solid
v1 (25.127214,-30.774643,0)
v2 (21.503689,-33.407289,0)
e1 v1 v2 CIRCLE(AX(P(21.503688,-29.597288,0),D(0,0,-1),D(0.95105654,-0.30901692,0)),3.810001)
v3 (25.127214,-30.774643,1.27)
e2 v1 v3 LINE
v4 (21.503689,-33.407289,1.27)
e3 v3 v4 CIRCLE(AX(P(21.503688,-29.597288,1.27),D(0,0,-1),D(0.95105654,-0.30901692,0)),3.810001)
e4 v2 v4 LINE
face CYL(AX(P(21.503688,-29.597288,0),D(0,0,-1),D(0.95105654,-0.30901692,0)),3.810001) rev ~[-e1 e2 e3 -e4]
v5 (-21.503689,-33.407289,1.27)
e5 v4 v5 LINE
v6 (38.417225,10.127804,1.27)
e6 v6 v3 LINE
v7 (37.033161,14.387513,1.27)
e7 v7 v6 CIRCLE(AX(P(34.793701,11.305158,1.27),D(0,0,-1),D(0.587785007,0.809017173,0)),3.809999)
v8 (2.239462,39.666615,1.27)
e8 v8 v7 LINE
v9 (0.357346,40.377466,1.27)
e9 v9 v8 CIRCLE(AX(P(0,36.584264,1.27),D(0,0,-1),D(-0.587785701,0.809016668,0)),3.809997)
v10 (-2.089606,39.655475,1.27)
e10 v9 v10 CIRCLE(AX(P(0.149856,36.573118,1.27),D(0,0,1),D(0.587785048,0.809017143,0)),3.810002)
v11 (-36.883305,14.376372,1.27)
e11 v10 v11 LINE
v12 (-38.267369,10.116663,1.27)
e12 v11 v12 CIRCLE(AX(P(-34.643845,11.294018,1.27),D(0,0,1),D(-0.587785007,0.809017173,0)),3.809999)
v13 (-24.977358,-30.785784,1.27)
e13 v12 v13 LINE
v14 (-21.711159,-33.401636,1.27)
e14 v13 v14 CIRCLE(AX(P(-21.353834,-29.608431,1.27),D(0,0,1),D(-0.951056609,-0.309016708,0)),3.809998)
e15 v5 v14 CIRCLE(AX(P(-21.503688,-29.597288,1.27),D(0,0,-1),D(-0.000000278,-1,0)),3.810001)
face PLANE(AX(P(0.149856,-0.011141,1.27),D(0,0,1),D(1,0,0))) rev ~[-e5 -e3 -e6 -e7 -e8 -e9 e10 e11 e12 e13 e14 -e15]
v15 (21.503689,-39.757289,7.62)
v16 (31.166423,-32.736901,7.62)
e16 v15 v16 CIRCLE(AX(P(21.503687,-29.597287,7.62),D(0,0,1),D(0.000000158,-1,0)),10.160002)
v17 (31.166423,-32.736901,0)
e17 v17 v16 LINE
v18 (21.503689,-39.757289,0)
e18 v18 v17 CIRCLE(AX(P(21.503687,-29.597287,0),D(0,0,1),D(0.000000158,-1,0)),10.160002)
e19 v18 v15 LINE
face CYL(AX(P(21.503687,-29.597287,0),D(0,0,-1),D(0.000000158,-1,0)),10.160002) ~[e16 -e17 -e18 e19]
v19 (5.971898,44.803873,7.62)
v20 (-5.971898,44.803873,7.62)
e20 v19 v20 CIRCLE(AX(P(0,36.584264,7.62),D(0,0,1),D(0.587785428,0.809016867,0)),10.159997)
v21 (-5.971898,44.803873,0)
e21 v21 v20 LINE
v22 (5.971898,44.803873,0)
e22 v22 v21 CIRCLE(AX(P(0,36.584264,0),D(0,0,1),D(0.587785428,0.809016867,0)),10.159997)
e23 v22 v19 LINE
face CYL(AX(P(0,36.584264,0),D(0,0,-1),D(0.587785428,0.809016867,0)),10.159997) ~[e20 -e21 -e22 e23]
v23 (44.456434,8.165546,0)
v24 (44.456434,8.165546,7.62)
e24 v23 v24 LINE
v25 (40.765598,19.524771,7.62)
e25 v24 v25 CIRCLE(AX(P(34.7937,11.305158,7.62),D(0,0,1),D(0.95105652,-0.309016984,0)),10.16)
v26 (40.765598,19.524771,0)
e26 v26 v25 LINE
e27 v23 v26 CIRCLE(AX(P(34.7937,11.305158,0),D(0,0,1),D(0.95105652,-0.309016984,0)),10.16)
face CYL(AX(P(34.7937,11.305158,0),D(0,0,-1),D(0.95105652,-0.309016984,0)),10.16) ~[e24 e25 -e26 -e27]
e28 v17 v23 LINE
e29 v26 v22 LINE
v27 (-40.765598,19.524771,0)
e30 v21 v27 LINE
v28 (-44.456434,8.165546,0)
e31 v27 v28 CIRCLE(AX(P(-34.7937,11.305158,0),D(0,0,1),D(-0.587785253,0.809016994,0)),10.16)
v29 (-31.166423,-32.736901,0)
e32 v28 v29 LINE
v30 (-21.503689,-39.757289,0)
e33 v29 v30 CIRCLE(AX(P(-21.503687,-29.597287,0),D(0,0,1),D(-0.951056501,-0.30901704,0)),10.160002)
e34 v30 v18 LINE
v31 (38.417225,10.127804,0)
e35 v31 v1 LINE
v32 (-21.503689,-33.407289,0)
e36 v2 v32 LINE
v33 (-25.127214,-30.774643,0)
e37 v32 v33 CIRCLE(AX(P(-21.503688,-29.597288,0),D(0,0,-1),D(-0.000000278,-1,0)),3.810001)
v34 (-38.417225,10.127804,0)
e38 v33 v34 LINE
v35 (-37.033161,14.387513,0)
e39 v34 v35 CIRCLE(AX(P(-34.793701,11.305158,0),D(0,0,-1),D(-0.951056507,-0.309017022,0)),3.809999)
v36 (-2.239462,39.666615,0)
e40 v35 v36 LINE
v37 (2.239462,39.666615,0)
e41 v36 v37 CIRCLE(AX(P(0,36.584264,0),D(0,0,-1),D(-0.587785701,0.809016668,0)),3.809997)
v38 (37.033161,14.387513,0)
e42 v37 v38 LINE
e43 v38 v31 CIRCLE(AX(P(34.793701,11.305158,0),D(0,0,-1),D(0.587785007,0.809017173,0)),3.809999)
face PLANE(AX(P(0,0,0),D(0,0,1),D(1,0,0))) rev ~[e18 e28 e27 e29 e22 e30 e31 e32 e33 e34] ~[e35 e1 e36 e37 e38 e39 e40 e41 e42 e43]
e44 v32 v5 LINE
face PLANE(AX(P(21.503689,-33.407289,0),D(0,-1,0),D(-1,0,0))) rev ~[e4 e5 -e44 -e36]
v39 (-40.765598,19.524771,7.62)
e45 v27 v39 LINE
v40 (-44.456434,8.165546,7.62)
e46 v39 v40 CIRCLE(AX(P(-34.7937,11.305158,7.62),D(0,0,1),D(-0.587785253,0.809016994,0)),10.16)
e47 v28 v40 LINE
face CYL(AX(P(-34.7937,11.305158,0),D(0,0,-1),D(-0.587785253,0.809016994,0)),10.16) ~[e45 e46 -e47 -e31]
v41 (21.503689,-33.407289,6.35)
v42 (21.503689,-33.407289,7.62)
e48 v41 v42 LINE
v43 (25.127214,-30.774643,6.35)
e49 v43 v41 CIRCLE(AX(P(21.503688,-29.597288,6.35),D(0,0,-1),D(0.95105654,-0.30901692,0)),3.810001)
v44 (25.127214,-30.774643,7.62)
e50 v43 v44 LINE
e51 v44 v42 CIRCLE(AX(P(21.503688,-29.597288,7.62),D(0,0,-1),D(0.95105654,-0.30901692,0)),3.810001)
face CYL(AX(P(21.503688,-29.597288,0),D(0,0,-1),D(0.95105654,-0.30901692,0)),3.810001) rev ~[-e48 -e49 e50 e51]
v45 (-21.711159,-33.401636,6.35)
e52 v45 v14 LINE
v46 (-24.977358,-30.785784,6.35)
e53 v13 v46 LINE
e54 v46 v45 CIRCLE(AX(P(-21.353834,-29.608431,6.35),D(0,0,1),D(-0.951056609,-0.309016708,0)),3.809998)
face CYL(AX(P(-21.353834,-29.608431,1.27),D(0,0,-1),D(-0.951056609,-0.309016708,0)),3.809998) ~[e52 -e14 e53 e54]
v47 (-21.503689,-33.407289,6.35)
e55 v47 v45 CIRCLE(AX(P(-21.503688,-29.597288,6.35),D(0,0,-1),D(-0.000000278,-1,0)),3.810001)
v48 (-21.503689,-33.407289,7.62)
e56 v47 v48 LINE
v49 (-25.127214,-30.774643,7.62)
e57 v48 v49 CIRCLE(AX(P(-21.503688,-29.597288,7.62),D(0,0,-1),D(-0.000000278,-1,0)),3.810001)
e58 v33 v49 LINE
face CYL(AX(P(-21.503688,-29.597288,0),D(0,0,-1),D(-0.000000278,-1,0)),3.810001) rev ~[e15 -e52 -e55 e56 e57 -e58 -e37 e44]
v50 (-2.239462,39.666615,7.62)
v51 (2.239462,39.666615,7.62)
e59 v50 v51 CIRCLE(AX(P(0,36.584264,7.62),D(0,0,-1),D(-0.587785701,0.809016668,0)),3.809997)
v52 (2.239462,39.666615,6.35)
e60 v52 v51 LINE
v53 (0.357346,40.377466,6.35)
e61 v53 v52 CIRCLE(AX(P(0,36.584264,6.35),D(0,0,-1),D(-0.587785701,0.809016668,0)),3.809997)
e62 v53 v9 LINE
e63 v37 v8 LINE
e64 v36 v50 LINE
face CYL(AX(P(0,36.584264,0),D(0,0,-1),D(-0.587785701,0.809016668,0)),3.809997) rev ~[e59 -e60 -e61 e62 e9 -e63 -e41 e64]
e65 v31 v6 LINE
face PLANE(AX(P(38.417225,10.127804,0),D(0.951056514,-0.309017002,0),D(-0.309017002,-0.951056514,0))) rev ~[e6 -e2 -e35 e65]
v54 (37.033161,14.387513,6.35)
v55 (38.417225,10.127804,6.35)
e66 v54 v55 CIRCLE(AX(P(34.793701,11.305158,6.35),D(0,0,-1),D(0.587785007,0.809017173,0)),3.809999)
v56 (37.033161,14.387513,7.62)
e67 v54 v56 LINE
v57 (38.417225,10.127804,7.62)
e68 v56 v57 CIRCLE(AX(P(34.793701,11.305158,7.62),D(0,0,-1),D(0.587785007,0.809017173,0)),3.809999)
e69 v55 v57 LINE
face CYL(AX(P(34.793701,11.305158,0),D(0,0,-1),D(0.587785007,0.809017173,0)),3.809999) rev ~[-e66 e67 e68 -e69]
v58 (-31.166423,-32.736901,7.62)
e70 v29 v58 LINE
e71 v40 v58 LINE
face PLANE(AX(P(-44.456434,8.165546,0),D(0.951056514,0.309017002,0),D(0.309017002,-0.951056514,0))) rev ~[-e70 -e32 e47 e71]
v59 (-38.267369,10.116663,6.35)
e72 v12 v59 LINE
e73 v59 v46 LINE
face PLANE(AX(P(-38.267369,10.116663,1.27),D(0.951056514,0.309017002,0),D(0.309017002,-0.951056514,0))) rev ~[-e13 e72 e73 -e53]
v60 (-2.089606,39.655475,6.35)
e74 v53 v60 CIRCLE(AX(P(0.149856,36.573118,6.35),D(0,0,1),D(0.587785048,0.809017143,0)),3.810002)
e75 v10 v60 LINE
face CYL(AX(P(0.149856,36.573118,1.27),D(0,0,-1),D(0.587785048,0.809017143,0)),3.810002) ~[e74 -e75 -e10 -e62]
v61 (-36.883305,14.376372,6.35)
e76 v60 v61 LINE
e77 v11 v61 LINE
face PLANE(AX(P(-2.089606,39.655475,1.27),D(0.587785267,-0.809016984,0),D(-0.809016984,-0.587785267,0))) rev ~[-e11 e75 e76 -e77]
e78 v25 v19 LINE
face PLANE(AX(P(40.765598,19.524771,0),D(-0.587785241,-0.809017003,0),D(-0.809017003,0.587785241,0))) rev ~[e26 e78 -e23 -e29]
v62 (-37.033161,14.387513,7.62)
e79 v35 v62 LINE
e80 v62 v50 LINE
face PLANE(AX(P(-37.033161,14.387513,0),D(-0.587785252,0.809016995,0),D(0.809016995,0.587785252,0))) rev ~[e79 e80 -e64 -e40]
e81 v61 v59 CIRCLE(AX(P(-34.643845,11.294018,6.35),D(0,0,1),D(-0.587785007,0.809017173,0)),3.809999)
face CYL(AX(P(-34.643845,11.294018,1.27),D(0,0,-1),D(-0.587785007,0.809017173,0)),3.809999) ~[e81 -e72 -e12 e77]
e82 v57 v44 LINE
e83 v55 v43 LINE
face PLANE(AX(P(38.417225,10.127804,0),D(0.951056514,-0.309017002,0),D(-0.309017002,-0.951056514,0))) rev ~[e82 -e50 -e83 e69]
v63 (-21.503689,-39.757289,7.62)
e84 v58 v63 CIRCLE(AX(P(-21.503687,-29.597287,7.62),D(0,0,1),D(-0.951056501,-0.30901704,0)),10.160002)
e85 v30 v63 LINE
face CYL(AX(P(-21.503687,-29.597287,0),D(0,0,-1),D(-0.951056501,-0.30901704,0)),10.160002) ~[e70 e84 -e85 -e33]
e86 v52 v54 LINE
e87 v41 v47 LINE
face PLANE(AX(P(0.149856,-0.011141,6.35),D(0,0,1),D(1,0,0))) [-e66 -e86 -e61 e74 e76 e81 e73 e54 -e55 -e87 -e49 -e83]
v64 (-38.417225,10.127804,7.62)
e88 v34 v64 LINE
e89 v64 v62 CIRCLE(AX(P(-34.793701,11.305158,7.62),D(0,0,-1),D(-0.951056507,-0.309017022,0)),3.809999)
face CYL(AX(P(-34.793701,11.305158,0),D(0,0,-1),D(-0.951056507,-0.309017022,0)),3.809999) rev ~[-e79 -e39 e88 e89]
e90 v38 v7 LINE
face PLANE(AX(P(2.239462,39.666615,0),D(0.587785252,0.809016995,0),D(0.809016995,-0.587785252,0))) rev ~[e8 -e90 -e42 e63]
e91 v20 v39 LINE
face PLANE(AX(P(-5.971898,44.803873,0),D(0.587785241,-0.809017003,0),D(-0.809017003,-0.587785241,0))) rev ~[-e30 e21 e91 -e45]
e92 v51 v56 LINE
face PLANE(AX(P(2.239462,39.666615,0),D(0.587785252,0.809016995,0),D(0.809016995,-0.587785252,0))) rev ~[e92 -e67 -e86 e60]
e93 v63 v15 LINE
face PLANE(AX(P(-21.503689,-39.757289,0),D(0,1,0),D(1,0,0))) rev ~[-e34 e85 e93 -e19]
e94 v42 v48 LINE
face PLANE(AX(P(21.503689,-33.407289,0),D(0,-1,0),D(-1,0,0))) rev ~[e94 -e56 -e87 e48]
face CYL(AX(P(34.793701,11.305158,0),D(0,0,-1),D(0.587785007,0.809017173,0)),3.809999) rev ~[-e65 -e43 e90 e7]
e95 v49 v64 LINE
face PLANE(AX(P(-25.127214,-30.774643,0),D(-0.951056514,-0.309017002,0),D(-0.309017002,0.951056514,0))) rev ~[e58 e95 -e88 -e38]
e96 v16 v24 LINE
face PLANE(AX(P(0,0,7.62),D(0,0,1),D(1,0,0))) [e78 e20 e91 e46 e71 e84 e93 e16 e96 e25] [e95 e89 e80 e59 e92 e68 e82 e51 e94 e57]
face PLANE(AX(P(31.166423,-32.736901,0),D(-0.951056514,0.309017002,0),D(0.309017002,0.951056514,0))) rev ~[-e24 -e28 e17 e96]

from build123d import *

# Parameters (mm, degrees)
F1_DEPTH = 7.62
F4_DEPTH = 5.08


with BuildPart() as f1:
    # F0 (on Top) → F1 (new body)
    with BuildSketch(Plane.XY):
        with BuildLine():
            Line((40.765598, 19.524771), (5.971898, 44.803873))
            ThreePointArc((5.971898, 44.803873), (0, 46.744261), (-5.971898, 44.803873))
            Line((-5.971898, 44.803873), (-40.765598, 19.524771))
            ThreePointArc((-40.765598, 19.524771), (-44.456434, 14.444771), (-44.456434, 8.165546))
            Line((-44.456434, 8.165546), (-31.166423, -32.736901))
            ThreePointArc((-31.166423, -32.736901), (-27.475587, -37.816901), (-21.503689, -39.757289))
            Line((-21.503689, -39.757289), (21.503689, -39.757289))
            ThreePointArc((21.503689, -39.757289), (27.475587, -37.816901), (31.166423, -32.736901))
            Line((31.166423, -32.736901), (44.456434, 8.165546))
            ThreePointArc((44.456434, 8.165546), (44.456434, 14.444771), (40.765598, 19.524771))
        make_face()
        with BuildLine():
            ThreePointArc((-21.503689, -33.407289), (-23.743151, -32.679643), (-25.127214, -30.774643))
            Line((-25.127214, -30.774643), (-38.417225, 10.127804))
            ThreePointArc((-38.417225, 10.127804), (-38.417225, 12.482513), (-37.033161, 14.387513))
            Line((-37.033161, 14.387513), (-2.239462, 39.666615))
            ThreePointArc((-2.239462, 39.666615), (0, 40.394261), (2.239462, 39.666615))
            Line((2.239462, 39.666615), (37.033161, 14.387513))
            ThreePointArc((37.033161, 14.387513), (38.417225, 12.482513), (38.417225, 10.127804))
            Line((38.417225, 10.127804), (25.127214, -30.774643))
            ThreePointArc((25.127214, -30.774643), (23.743151, -32.679643), (21.503689, -33.407289))
            Line((21.503689, -33.407289), (-21.503689, -33.407289))
        make_face(mode=Mode.SUBTRACT)
    extrude(amount=F1_DEPTH)

    # F3 (on offset) → F4 (join)
    with BuildSketch(Plane.XY.offset(1.27)):
        with BuildLine():
            Line((-38.267369, 10.116663), (-24.977358, -30.785784))
            ThreePointArc((-24.977358, -30.785784), (-23.593295, -32.690784), (-21.353833, -33.418429))
            Line((-21.353833, -33.418429), (21.653545, -33.418429))
            ThreePointArc((21.653545, -33.418429), (23.893007, -32.690784), (25.27707, -30.785784))
            Line((25.27707, -30.785784), (38.567081, 10.116663))
            ThreePointArc((38.567081, 10.116663), (38.567081, 12.471372), (37.183018, 14.376372))
            Line((37.183018, 14.376372), (2.389318, 39.655475))
            ThreePointArc((2.389318, 39.655475), (0.149856, 40.38312), (-2.089606, 39.655475))
            Line((-2.089606, 39.655475), (-36.883305, 14.376372))
            ThreePointArc((-36.883305, 14.376372), (-38.267369, 12.471372), (-38.267369, 10.116663))
        make_face()
    extrude(amount=F4_DEPTH)


solid = f1.part
